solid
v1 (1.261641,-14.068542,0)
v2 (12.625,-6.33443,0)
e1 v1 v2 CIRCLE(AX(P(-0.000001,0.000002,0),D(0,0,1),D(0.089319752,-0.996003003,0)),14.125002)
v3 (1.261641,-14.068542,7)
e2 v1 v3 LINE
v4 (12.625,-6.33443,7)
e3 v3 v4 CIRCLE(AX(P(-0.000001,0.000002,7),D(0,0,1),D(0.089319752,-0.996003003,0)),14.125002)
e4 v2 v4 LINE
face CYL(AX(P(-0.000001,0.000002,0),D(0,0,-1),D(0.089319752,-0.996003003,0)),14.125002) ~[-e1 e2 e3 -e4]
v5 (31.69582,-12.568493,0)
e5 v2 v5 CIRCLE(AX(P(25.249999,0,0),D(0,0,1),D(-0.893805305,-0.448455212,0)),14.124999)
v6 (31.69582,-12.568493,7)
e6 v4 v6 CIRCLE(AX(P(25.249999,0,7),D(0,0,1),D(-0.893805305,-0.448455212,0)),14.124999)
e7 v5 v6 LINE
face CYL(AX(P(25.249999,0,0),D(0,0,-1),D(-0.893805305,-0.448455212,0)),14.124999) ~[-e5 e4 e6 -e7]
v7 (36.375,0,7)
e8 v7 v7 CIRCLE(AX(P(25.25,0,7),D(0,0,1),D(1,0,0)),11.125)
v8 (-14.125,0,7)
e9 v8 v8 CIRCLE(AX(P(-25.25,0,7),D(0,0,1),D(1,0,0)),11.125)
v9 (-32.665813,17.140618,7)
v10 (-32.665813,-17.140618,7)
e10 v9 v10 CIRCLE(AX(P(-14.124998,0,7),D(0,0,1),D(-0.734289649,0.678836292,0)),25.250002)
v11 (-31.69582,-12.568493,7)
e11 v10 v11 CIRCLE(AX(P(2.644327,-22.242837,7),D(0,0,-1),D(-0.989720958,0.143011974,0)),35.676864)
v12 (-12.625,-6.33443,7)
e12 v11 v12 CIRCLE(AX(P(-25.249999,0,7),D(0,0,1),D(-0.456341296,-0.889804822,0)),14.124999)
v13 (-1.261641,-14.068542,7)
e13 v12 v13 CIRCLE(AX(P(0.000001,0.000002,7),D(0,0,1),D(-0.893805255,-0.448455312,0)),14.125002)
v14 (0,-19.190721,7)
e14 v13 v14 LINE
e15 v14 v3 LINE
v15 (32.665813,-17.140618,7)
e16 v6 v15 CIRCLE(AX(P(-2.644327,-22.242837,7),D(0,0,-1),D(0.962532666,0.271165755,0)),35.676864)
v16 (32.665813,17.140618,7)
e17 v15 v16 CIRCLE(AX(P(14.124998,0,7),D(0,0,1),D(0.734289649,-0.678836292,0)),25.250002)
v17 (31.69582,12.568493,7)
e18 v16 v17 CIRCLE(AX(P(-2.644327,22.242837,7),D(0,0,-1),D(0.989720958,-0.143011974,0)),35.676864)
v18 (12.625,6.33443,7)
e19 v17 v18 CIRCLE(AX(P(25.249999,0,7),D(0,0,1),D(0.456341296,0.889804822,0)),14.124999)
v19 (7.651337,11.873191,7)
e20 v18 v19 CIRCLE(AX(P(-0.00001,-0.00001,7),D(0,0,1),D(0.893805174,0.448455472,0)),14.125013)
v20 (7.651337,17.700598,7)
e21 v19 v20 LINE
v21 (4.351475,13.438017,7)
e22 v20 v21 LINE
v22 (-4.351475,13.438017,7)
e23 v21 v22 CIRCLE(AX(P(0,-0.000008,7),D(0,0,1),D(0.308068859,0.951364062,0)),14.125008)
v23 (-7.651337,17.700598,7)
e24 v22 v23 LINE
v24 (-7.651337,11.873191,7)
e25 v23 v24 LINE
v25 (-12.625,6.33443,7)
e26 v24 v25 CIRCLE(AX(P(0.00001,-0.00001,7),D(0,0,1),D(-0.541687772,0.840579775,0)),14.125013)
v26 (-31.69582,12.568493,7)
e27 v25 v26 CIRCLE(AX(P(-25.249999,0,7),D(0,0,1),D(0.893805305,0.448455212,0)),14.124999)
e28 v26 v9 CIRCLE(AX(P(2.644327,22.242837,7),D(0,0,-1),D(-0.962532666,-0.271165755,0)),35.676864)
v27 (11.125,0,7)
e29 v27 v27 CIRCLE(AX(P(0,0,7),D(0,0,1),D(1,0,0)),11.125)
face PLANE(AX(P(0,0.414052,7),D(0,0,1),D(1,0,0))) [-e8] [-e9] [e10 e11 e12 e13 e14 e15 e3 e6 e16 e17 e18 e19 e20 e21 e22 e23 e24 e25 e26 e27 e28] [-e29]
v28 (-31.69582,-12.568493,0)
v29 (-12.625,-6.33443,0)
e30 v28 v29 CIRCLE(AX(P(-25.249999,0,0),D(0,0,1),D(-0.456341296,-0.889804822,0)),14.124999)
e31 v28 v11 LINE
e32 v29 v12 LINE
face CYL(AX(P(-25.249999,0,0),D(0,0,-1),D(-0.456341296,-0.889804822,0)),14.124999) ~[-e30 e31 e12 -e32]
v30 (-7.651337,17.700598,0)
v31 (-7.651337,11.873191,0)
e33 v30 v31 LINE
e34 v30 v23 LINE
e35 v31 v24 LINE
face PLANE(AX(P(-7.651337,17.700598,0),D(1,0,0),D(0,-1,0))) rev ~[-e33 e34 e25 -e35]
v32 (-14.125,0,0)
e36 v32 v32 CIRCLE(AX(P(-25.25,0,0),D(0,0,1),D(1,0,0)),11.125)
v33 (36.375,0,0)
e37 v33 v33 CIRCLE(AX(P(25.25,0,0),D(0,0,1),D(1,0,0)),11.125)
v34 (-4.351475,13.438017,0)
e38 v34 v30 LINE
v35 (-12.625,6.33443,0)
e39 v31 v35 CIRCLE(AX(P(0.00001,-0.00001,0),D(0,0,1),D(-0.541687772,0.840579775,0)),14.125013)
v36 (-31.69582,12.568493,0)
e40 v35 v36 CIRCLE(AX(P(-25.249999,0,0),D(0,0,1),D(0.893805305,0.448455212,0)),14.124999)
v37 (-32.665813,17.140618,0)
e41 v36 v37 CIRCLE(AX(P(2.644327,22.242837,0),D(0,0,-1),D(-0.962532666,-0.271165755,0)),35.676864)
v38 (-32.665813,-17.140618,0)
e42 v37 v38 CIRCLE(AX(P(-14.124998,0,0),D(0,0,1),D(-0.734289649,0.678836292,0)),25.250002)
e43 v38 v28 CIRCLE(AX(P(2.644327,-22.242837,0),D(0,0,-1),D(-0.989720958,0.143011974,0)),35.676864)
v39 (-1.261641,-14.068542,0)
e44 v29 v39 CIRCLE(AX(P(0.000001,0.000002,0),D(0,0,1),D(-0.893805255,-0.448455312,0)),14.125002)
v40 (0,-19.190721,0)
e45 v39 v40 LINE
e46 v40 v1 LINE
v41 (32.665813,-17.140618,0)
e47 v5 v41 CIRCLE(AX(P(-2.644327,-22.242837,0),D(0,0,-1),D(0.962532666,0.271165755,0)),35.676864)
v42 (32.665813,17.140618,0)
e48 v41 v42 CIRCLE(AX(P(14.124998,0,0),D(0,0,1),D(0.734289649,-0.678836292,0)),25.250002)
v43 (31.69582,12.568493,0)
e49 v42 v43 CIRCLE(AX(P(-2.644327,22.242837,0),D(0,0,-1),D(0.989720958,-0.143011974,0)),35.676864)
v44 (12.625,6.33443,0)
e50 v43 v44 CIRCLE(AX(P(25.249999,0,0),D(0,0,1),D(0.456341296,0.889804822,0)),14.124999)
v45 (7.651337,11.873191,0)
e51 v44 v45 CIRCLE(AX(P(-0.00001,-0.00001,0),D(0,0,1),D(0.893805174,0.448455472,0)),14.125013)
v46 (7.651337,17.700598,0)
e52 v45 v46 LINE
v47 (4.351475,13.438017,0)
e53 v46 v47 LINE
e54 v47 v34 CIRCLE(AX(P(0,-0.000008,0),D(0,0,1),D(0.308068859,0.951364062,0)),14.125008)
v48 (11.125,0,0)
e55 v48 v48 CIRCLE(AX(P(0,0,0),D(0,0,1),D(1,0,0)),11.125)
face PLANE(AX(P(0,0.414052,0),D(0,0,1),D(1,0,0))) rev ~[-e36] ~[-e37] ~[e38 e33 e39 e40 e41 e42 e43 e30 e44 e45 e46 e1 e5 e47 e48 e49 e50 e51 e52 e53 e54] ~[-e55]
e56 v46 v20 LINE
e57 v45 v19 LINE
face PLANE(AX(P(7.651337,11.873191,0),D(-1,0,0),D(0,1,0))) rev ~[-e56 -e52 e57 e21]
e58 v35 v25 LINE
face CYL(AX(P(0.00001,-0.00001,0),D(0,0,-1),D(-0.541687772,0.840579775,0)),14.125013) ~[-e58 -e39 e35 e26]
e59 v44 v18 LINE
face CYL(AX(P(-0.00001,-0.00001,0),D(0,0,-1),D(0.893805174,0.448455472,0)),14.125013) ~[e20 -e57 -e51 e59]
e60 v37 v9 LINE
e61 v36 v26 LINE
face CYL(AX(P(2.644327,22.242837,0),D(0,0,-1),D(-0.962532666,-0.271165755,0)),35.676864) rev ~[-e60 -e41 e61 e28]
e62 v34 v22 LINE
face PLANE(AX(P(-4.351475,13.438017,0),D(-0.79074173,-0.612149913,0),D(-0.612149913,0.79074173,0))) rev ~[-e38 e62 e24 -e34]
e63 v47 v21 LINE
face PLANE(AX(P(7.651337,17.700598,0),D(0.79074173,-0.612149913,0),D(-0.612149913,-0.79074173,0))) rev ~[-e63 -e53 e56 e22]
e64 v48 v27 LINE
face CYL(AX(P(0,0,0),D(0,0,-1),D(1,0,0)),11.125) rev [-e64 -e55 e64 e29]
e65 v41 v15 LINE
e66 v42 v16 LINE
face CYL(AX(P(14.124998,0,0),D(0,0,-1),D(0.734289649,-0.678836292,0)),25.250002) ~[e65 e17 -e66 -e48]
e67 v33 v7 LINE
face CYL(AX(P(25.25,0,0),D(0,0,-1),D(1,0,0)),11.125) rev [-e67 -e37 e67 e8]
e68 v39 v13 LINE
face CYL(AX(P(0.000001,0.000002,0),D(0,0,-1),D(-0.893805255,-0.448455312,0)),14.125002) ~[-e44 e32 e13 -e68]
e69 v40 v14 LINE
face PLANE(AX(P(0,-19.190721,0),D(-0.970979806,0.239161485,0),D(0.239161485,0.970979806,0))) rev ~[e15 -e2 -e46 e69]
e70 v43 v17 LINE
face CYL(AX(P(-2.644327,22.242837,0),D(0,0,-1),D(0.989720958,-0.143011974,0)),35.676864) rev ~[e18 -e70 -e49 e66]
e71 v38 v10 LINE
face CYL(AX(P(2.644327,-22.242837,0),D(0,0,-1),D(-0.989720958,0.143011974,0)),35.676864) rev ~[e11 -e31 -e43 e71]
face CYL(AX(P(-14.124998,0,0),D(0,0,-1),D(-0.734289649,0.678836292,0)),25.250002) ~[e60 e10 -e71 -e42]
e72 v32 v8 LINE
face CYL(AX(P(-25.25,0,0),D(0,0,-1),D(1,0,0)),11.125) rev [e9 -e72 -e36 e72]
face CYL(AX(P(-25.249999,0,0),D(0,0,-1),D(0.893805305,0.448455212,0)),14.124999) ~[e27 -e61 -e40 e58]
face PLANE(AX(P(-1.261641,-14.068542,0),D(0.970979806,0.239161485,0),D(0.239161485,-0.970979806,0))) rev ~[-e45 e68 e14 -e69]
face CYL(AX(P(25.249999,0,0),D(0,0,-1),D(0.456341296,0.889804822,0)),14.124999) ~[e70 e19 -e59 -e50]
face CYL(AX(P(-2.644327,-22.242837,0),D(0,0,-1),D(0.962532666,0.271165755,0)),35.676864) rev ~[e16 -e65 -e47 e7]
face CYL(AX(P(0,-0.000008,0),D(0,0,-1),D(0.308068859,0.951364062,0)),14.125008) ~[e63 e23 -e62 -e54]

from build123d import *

# Parameters (mm, degrees)
F0_R     = 11.125
F1_DEPTH = 7


with BuildPart() as f1:
    # F0 (on Top) → F1 (new body)
    with BuildSketch(Plane.XY):
        with BuildLine():
            ThreePointArc((-31.69582, 12.568493), (-32.255769, 14.838654), (-32.665813, 17.140618))
            ThreePointArc((-32.665813, 17.140618), (-39.375, 0), (-32.665813, -17.140618))
            ThreePointArc((-32.665813, -17.140618), (-32.255769, -14.838654), (-31.69582, -12.568493))
            ThreePointArc((-31.69582, -12.568493), (-20.861213, -13.425877), (-12.625, -6.33443))
            ThreePointArc((-12.625, -6.33443), (-7.947567, -11.676977), (-1.261641, -14.068542))
            Line((-1.261641, -14.068542), (0, -19.190721))
            Line((0, -19.190721), (1.261641, -14.068542))
            ThreePointArc((1.261641, -14.068542), (7.947567, -11.676977), (12.625, -6.33443))
            ThreePointArc((12.625, -6.33443), (20.861213, -13.425877), (31.69582, -12.568493))
            ThreePointArc((31.69582, -12.568493), (32.255769, -14.838654), (32.665813, -17.140618))
            ThreePointArc((32.665813, -17.140618), (39.375, 0), (32.665813, 17.140618))
            ThreePointArc((32.665813, 17.140618), (32.255769, 14.838654), (31.69582, 12.568493))
            ThreePointArc((31.69582, 12.568493), (20.861213, 13.425877), (12.625, 6.33443))
            ThreePointArc((12.625, 6.33443), (10.509611, 9.437356), (7.651337, 11.873191))
            Line((7.651337, 11.873191), (7.651337, 17.700598))
            Line((7.651337, 17.700598), (4.351475, 13.438017))
            ThreePointArc((4.351475, 13.438017), (0, 14.125), (-4.351475, 13.438017))
            Line((-4.351475, 13.438017), (-7.651337, 17.700598))
            Line((-7.651337, 17.700598), (-7.651337, 11.873191))
            ThreePointArc((-7.651337, 11.873191), (-10.509611, 9.437356), (-12.625, 6.33443))
            ThreePointArc((-12.625, 6.33443), (-20.861213, 13.425877), (-31.69582, 12.568493))
        make_face()
        with Locations((-25.25, 0)):
            Circle(F0_R, mode=Mode.SUBTRACT)
        Circle(F0_R, mode=Mode.SUBTRACT)
        with Locations((25.25, 0)):
            Circle(F0_R, mode=Mode.SUBTRACT)
    extrude(amount=F1_DEPTH)


solid = f1.part
